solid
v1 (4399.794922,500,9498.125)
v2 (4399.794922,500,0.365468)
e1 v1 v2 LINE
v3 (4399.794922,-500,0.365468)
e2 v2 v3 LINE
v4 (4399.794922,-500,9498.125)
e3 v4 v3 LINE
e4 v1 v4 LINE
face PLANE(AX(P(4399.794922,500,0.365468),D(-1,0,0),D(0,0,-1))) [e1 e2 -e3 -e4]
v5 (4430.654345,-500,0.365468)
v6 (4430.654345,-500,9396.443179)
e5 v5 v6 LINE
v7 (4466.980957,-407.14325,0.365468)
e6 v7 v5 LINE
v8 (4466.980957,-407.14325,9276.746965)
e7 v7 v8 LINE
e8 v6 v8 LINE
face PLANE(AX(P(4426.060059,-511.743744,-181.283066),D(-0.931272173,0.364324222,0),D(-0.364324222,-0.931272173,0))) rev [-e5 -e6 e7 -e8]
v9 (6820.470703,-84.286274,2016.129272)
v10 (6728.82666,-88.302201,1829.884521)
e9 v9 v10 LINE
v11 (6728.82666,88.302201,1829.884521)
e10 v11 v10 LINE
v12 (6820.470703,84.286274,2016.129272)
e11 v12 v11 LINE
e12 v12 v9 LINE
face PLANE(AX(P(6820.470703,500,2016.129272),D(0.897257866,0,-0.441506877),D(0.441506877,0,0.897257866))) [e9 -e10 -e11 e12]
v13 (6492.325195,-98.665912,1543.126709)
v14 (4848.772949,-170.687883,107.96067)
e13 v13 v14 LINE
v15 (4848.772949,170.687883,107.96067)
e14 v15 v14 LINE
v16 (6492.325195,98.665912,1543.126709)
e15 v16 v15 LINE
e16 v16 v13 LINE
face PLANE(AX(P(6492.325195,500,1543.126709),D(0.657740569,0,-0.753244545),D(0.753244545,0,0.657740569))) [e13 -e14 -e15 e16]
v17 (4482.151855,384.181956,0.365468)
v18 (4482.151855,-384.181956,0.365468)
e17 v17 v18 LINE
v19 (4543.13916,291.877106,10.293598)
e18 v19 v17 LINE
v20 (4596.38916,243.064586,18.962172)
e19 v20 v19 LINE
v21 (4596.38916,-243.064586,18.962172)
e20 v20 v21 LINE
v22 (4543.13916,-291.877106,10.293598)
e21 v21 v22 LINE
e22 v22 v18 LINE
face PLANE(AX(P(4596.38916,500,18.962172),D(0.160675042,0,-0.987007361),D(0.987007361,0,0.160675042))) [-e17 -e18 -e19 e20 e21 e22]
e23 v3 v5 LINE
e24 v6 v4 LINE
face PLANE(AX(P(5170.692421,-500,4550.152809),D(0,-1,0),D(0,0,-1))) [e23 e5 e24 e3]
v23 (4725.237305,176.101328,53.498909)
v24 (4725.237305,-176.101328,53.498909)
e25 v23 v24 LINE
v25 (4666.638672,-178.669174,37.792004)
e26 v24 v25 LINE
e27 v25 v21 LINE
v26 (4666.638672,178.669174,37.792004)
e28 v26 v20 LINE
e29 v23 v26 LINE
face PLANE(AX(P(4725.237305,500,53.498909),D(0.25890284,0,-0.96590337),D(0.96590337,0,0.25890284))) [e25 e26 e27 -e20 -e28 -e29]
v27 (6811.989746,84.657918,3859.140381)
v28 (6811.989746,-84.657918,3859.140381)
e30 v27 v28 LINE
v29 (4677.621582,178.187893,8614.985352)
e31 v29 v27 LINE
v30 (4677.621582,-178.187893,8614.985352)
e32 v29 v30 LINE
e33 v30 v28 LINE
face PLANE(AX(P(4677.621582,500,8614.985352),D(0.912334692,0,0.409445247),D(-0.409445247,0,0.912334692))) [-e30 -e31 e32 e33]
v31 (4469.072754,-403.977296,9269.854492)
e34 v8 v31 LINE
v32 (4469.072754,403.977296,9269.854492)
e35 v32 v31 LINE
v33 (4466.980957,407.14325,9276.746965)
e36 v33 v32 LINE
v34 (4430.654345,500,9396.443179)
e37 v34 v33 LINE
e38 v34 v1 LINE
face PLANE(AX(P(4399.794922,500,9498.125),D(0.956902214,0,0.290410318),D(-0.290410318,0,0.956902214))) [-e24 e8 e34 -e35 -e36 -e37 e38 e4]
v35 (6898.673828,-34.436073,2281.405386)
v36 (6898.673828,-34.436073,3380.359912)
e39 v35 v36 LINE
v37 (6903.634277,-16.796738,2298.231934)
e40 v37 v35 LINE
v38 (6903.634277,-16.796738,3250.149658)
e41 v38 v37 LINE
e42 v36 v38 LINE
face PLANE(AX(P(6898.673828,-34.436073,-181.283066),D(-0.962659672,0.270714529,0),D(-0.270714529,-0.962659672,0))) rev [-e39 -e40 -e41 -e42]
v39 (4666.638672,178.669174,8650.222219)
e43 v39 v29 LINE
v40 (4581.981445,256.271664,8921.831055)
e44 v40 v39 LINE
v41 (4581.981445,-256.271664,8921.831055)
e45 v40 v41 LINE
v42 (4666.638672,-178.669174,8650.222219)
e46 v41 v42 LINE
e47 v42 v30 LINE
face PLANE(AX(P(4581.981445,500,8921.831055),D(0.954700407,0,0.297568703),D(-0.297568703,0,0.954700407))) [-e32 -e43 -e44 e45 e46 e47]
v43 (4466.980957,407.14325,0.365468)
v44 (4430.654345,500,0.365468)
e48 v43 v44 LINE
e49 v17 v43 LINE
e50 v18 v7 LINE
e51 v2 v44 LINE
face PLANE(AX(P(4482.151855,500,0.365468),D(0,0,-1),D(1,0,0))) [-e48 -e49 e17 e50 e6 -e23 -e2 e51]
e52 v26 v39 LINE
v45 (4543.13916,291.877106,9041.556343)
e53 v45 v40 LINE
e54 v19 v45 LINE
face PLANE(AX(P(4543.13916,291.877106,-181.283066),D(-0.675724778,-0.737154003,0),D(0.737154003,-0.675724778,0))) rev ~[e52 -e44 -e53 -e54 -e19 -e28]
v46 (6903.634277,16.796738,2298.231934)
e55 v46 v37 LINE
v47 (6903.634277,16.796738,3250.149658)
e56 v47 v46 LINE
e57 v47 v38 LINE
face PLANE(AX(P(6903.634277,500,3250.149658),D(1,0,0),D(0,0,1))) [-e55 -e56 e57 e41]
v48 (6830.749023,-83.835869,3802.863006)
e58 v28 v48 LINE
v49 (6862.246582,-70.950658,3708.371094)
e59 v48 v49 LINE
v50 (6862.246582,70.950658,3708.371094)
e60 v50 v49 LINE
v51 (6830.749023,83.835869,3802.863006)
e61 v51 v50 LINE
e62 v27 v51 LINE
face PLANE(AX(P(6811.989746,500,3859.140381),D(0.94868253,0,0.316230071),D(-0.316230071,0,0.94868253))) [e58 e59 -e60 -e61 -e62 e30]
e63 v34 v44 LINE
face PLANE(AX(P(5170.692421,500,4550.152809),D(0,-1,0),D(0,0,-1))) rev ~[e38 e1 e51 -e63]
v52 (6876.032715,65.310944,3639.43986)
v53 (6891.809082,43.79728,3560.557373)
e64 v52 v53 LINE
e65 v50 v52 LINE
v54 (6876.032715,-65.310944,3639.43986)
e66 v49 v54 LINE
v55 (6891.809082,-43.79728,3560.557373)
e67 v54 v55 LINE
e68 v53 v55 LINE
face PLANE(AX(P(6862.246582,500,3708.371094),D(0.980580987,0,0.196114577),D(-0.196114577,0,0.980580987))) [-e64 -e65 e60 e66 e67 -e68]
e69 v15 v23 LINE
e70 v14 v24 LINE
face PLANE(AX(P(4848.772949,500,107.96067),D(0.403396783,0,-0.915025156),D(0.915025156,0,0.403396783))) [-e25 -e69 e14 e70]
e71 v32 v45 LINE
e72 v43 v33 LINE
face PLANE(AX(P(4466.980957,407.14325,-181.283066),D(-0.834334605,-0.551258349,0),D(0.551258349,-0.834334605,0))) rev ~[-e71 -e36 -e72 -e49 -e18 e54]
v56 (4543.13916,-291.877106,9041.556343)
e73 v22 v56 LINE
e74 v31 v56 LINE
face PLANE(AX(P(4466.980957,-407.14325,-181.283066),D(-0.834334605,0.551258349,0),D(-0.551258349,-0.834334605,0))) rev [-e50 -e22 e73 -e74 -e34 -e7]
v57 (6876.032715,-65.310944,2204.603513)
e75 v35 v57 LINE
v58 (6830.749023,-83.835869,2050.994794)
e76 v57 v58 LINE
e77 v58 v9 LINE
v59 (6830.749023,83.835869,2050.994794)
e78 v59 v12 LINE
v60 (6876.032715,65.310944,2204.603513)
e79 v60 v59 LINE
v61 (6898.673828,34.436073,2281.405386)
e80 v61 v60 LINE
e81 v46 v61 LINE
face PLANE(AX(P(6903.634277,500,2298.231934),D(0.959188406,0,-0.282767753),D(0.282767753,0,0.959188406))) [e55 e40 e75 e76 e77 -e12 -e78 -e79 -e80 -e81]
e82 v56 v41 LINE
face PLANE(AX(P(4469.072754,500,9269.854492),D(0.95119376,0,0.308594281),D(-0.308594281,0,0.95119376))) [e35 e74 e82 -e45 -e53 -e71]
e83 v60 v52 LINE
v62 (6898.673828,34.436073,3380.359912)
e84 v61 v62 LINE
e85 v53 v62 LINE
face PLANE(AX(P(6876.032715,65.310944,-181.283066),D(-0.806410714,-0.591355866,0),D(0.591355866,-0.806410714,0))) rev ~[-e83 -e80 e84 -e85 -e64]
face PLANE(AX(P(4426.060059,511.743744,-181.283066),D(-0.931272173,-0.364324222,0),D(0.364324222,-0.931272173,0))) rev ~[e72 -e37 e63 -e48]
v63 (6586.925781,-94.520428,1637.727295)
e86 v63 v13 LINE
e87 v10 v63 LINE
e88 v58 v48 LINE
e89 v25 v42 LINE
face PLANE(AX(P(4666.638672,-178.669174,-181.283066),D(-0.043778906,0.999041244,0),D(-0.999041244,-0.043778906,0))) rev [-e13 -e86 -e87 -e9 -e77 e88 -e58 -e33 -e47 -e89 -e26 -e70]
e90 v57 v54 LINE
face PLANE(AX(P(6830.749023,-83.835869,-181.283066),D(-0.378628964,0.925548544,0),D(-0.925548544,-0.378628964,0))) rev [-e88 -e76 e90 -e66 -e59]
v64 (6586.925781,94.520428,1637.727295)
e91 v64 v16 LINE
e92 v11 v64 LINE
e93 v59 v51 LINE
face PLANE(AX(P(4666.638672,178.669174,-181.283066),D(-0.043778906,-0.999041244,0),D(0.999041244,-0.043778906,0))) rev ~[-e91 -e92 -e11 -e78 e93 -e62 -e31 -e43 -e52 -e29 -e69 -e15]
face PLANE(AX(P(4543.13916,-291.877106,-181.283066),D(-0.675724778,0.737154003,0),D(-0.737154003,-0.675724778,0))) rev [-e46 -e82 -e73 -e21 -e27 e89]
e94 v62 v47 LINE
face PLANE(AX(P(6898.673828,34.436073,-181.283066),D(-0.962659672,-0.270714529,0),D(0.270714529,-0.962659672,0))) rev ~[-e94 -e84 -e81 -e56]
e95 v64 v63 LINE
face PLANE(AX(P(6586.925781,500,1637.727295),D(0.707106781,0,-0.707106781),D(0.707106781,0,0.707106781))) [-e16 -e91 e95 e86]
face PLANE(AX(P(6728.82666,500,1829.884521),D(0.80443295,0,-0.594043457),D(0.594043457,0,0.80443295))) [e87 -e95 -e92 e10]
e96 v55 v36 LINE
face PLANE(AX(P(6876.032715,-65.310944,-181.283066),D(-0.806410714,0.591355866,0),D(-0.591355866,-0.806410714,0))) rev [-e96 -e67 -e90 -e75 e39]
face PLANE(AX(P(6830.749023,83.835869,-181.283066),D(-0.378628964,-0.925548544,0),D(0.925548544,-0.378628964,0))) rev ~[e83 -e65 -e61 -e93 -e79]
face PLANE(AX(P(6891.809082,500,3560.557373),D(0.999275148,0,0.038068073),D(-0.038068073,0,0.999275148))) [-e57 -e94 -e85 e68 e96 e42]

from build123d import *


with BuildPart() as sweep001:
    # Sweep001: sweep along a path in Sketch012
    with BuildLine(Plane.XZ) as sweep001_path:
        Line((5218.905273, -181.283066), (5218.905273, 9949.081055))
    # Sketch011 → Sweep001 (sweep)
    with BuildSketch(Plane.XY):
        Polygon((4426.060059, 511.743744), (4466.980957, 407.14325), (4543.13916, 291.877106), (4666.638672, 178.669174), (6830.749023, 83.835869), (6876.032715, 65.310944), (6898.673828, 34.436073), (6906.771484, 5.640844), (6936.856445, 5.640844), (6936.856445, 613.723572), (4426.060059, 613.723572), align=None)
    sweep(path=sweep001_path.line)


with BuildPart() as fusion:
    # Part__Mirroring: instance of Sweep001
    add(sweep001.part.mirror(Plane(origin=(0, 0, 0), x_dir=(1, 0, 0), z_dir=(0, 1, 0))))

    # Fusion: union Sweep001
    add(sweep001.part)


with BuildPart() as rear_fin_solid:
    # Sweep: sweep along a path in Sketch009
    with BuildLine(Plane.XY.offset(1000)) as sweep_path:
        Line((5367.873535, 500), (5367.873535, -500))
    # Sketch010 → Sweep (sweep)
    with BuildSketch(Plane.XZ):
        Polygon((4399.794922, 9498.125), (4469.072754, 9269.854492), (4581.981445, 8921.831055), (4677.621582, 8614.985352), (6811.989746, 3859.140381), (6862.246582, 3708.371094), (6891.809082, 3560.557373), (6903.634277, 3250.149658), (6903.634277, 2298.231934), (6820.470703, 2016.129272), (6728.82666, 1829.884521), (6586.925781, 1637.727295), (6492.325195, 1543.126709), (4848.772949, 107.96067), (4725.237305, 53.498909), (4596.38916, 18.962172), (4482.151855, 0.365468), (4399.794922, 0.365468), align=None)
    sweep(path=sweep_path.line)

    # Cut: cut Fusion
    add(fusion.part, mode=Mode.SUBTRACT)


solid = rear_fin_solid.part
